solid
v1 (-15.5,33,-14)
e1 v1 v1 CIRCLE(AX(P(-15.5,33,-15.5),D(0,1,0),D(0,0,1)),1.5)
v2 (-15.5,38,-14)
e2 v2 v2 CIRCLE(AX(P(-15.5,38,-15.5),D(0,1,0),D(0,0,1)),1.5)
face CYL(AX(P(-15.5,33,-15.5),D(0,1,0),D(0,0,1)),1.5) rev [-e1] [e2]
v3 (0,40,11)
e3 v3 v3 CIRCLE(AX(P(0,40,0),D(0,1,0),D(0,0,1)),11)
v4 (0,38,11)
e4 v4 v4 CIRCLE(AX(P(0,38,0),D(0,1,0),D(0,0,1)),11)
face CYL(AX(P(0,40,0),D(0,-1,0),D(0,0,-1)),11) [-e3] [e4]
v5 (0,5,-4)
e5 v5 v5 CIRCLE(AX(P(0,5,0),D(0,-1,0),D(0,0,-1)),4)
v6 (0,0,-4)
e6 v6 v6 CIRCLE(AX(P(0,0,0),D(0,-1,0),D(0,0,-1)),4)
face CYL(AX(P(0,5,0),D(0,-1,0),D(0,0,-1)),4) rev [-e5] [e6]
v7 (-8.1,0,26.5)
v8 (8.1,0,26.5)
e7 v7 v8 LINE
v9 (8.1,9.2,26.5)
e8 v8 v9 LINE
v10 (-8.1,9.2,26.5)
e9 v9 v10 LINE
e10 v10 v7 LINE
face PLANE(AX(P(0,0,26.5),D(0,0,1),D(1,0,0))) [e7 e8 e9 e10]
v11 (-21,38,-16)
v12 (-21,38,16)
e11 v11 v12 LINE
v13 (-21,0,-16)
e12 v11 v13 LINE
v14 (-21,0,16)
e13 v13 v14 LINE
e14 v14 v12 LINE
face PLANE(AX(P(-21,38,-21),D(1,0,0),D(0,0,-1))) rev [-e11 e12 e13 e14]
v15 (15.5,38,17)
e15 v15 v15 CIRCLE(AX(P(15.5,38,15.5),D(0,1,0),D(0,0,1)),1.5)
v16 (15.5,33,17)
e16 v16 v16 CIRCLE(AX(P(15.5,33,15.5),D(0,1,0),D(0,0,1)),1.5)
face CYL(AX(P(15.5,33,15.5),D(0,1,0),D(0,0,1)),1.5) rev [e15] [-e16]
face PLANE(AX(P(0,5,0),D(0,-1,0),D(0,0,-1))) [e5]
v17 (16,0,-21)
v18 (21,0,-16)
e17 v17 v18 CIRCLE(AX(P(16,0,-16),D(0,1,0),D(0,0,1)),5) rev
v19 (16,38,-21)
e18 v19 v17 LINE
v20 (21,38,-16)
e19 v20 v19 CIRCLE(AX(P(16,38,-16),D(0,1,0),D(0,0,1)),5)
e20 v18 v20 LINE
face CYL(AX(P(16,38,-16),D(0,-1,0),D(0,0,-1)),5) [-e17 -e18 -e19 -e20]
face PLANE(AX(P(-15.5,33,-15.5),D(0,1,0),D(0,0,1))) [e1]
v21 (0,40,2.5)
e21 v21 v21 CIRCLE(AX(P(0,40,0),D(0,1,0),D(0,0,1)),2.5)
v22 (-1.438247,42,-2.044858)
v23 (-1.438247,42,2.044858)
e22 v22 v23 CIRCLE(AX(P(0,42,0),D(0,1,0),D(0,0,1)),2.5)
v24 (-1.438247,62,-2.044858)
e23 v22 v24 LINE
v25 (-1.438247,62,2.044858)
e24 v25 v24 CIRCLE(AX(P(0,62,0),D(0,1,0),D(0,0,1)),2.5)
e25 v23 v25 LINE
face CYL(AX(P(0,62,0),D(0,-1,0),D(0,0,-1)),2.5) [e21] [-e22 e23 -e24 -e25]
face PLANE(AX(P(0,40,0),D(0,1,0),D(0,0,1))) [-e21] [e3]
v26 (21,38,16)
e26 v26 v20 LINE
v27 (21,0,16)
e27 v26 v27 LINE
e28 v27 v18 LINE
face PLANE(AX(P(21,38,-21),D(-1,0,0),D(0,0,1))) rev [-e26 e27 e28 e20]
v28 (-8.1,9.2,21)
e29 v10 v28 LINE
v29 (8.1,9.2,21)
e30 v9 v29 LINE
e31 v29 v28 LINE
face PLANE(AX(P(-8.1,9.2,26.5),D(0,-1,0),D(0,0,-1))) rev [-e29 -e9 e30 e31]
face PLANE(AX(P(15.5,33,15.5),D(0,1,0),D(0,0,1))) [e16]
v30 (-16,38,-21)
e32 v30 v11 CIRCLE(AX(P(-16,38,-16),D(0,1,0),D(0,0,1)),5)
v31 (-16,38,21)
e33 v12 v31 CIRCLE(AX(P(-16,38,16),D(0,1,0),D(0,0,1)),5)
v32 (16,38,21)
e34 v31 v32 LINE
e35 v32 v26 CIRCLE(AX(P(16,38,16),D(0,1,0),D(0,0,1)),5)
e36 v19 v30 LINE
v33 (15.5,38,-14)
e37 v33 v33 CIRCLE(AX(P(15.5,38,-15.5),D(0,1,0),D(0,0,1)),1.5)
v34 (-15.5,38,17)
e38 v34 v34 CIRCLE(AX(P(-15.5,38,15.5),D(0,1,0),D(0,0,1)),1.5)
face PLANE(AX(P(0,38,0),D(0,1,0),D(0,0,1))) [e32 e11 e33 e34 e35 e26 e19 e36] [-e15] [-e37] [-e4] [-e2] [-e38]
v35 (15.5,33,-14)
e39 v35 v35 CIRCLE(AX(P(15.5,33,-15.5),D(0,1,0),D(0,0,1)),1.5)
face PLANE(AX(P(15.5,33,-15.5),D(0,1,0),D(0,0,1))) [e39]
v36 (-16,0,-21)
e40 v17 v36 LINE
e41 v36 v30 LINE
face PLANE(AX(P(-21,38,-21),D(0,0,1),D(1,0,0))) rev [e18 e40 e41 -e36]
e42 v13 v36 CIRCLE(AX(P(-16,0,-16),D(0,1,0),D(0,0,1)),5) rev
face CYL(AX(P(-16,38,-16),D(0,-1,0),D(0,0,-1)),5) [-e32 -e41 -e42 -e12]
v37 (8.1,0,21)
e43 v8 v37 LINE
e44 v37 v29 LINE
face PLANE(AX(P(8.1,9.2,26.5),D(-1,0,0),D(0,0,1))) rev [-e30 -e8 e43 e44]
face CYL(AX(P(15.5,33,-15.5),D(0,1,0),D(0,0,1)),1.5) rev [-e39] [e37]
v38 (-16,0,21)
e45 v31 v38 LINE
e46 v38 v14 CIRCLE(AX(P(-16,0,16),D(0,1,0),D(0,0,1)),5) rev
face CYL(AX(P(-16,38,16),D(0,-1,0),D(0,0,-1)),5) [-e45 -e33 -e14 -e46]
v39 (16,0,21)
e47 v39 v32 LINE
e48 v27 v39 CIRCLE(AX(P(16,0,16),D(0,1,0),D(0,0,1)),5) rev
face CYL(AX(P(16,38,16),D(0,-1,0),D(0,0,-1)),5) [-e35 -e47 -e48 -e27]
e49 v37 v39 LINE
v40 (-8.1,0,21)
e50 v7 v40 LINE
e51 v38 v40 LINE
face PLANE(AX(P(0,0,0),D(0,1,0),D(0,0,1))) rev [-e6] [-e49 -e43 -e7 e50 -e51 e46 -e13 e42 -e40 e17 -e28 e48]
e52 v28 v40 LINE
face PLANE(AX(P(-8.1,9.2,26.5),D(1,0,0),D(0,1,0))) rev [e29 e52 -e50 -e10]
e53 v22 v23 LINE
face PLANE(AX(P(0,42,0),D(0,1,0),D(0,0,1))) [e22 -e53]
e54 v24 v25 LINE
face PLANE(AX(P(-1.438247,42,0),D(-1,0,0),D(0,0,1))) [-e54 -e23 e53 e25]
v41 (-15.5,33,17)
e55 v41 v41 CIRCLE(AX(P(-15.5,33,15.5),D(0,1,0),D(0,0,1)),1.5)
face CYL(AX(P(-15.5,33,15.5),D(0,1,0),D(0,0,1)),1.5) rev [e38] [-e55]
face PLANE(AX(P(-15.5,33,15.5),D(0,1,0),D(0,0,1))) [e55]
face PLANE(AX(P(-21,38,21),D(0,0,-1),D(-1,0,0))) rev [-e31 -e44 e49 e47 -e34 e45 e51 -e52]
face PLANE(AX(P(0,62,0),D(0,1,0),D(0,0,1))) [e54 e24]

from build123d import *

# Parameters (mm, degrees)
SKETCH_1_W          = 42
SKETCH_1_H          = 42
EXTRUDE_1_DEPTH     = 38
SKETCH_2_R          = 11
EXTRUDE_2_DEPTH     = 2
SKETCH_3_R          = 2.5
EXTRUDE_3_DEPTH     = 22
SKETCH_5_W          = 16.2
SKETCH_5_H          = 9.2
EXTRUDE_4_DEPTH     = 5.5
SKETCH_6_R          = 1.5
CUT_EXTRUDE_1_DEPTH = 5
FILLET_1_R          = 5
SKETCH_7_R          = 4
CUT_EXTRUDE_2_DEPTH = 5
CUT_EXTRUDE_START   = -20
CUT_EXTRUDE_3_DEPTH = 20


with BuildPart() as part:
    # 草图1 → 凸台-拉伸1 (new body)
    with BuildSketch(Plane(origin=(0, 0, 0), x_dir=(1, 0, 0), z_dir=(0, 1, 0))):
        Rectangle(SKETCH_1_W, SKETCH_1_H)
    extrude(amount=EXTRUDE_1_DEPTH)

    # 草图2 → 凸台-拉伸2 (add)
    with BuildSketch(Plane(origin=(0, 38, 0), x_dir=(1, 0, 0), z_dir=(0, 1, 0))):
        with Locations(Location((0, 0, 0), (0, 0, 270))):
            Circle(SKETCH_2_R)
    extrude(amount=EXTRUDE_2_DEPTH)

    # 草图3 → 凸台-拉伸3 (add)
    with BuildSketch(Plane(origin=(0, 40, 0), x_dir=(1, 0, 0), z_dir=(0, 1, 0))):
        with Locations(Location((0, 0, 0), (0, 0, 270))):
            Circle(SKETCH_3_R)
    extrude(amount=EXTRUDE_3_DEPTH)

    # 草图5 → 凸台-拉伸4 (add)
    with BuildSketch(Plane.XY.offset(21)):
        with Locations((0, 4.6)):
            Rectangle(SKETCH_5_W, SKETCH_5_H)
    extrude(amount=EXTRUDE_4_DEPTH)

    # 草图6 → 切除-拉伸1 (cut)
    with BuildSketch(Plane(origin=(0, 38, 0), x_dir=(1, 0, 0), z_dir=(0, 1, 0))):
        with Locations(Location((-15.5, 15.5, 0), (0, 0, 270))):
            Circle(SKETCH_6_R)
        with Locations(Location((15.5, 15.5, 0), (0, 0, 270))):
            Circle(SKETCH_6_R)
        with Locations(Location((15.5, -15.5, 0), (0, 0, 270))):
            Circle(SKETCH_6_R)
        with Locations(Location((-15.5, -15.5, 0), (0, 0, 270))):
            Circle(SKETCH_6_R)
    extrude(amount=-CUT_EXTRUDE_1_DEPTH, mode=Mode.SUBTRACT)

    # 圆角1
    fillet_1_edges = [part.edges().sort_by_distance(p)[0] for p in [
        (21, 19, 21),
        (-21, 19, 21),
        (-21, 19, -21),
        (21, 19, -21),
    ]]
    fillet(fillet_1_edges, radius=FILLET_1_R)

    # 草图7 → 切除-拉伸2 (cut)
    with BuildSketch(Plane.XZ):
        with Locations(Location((0, 0, 0), (0, 0, 270))):
            Circle(SKETCH_7_R)
    extrude(amount=-CUT_EXTRUDE_2_DEPTH, mode=Mode.SUBTRACT)

    # 草图8 → 切除-拉伸3 (cut)
    with BuildSketch(Plane(origin=(0, 62, 0), x_dir=(1, 0, 0), z_dir=(0, 1, 0)).offset(CUT_EXTRUDE_START)):
        with BuildLine():
            Line((-1.438247, -2.044858324), (-1.438247, 2.044858324))
            ThreePointArc((-1.438247, 2.044858324), (-2.5, 0), (-1.438247, -2.044858324))
        make_face()
    extrude(amount=CUT_EXTRUDE_3_DEPTH, mode=Mode.SUBTRACT)


solid = part.part
